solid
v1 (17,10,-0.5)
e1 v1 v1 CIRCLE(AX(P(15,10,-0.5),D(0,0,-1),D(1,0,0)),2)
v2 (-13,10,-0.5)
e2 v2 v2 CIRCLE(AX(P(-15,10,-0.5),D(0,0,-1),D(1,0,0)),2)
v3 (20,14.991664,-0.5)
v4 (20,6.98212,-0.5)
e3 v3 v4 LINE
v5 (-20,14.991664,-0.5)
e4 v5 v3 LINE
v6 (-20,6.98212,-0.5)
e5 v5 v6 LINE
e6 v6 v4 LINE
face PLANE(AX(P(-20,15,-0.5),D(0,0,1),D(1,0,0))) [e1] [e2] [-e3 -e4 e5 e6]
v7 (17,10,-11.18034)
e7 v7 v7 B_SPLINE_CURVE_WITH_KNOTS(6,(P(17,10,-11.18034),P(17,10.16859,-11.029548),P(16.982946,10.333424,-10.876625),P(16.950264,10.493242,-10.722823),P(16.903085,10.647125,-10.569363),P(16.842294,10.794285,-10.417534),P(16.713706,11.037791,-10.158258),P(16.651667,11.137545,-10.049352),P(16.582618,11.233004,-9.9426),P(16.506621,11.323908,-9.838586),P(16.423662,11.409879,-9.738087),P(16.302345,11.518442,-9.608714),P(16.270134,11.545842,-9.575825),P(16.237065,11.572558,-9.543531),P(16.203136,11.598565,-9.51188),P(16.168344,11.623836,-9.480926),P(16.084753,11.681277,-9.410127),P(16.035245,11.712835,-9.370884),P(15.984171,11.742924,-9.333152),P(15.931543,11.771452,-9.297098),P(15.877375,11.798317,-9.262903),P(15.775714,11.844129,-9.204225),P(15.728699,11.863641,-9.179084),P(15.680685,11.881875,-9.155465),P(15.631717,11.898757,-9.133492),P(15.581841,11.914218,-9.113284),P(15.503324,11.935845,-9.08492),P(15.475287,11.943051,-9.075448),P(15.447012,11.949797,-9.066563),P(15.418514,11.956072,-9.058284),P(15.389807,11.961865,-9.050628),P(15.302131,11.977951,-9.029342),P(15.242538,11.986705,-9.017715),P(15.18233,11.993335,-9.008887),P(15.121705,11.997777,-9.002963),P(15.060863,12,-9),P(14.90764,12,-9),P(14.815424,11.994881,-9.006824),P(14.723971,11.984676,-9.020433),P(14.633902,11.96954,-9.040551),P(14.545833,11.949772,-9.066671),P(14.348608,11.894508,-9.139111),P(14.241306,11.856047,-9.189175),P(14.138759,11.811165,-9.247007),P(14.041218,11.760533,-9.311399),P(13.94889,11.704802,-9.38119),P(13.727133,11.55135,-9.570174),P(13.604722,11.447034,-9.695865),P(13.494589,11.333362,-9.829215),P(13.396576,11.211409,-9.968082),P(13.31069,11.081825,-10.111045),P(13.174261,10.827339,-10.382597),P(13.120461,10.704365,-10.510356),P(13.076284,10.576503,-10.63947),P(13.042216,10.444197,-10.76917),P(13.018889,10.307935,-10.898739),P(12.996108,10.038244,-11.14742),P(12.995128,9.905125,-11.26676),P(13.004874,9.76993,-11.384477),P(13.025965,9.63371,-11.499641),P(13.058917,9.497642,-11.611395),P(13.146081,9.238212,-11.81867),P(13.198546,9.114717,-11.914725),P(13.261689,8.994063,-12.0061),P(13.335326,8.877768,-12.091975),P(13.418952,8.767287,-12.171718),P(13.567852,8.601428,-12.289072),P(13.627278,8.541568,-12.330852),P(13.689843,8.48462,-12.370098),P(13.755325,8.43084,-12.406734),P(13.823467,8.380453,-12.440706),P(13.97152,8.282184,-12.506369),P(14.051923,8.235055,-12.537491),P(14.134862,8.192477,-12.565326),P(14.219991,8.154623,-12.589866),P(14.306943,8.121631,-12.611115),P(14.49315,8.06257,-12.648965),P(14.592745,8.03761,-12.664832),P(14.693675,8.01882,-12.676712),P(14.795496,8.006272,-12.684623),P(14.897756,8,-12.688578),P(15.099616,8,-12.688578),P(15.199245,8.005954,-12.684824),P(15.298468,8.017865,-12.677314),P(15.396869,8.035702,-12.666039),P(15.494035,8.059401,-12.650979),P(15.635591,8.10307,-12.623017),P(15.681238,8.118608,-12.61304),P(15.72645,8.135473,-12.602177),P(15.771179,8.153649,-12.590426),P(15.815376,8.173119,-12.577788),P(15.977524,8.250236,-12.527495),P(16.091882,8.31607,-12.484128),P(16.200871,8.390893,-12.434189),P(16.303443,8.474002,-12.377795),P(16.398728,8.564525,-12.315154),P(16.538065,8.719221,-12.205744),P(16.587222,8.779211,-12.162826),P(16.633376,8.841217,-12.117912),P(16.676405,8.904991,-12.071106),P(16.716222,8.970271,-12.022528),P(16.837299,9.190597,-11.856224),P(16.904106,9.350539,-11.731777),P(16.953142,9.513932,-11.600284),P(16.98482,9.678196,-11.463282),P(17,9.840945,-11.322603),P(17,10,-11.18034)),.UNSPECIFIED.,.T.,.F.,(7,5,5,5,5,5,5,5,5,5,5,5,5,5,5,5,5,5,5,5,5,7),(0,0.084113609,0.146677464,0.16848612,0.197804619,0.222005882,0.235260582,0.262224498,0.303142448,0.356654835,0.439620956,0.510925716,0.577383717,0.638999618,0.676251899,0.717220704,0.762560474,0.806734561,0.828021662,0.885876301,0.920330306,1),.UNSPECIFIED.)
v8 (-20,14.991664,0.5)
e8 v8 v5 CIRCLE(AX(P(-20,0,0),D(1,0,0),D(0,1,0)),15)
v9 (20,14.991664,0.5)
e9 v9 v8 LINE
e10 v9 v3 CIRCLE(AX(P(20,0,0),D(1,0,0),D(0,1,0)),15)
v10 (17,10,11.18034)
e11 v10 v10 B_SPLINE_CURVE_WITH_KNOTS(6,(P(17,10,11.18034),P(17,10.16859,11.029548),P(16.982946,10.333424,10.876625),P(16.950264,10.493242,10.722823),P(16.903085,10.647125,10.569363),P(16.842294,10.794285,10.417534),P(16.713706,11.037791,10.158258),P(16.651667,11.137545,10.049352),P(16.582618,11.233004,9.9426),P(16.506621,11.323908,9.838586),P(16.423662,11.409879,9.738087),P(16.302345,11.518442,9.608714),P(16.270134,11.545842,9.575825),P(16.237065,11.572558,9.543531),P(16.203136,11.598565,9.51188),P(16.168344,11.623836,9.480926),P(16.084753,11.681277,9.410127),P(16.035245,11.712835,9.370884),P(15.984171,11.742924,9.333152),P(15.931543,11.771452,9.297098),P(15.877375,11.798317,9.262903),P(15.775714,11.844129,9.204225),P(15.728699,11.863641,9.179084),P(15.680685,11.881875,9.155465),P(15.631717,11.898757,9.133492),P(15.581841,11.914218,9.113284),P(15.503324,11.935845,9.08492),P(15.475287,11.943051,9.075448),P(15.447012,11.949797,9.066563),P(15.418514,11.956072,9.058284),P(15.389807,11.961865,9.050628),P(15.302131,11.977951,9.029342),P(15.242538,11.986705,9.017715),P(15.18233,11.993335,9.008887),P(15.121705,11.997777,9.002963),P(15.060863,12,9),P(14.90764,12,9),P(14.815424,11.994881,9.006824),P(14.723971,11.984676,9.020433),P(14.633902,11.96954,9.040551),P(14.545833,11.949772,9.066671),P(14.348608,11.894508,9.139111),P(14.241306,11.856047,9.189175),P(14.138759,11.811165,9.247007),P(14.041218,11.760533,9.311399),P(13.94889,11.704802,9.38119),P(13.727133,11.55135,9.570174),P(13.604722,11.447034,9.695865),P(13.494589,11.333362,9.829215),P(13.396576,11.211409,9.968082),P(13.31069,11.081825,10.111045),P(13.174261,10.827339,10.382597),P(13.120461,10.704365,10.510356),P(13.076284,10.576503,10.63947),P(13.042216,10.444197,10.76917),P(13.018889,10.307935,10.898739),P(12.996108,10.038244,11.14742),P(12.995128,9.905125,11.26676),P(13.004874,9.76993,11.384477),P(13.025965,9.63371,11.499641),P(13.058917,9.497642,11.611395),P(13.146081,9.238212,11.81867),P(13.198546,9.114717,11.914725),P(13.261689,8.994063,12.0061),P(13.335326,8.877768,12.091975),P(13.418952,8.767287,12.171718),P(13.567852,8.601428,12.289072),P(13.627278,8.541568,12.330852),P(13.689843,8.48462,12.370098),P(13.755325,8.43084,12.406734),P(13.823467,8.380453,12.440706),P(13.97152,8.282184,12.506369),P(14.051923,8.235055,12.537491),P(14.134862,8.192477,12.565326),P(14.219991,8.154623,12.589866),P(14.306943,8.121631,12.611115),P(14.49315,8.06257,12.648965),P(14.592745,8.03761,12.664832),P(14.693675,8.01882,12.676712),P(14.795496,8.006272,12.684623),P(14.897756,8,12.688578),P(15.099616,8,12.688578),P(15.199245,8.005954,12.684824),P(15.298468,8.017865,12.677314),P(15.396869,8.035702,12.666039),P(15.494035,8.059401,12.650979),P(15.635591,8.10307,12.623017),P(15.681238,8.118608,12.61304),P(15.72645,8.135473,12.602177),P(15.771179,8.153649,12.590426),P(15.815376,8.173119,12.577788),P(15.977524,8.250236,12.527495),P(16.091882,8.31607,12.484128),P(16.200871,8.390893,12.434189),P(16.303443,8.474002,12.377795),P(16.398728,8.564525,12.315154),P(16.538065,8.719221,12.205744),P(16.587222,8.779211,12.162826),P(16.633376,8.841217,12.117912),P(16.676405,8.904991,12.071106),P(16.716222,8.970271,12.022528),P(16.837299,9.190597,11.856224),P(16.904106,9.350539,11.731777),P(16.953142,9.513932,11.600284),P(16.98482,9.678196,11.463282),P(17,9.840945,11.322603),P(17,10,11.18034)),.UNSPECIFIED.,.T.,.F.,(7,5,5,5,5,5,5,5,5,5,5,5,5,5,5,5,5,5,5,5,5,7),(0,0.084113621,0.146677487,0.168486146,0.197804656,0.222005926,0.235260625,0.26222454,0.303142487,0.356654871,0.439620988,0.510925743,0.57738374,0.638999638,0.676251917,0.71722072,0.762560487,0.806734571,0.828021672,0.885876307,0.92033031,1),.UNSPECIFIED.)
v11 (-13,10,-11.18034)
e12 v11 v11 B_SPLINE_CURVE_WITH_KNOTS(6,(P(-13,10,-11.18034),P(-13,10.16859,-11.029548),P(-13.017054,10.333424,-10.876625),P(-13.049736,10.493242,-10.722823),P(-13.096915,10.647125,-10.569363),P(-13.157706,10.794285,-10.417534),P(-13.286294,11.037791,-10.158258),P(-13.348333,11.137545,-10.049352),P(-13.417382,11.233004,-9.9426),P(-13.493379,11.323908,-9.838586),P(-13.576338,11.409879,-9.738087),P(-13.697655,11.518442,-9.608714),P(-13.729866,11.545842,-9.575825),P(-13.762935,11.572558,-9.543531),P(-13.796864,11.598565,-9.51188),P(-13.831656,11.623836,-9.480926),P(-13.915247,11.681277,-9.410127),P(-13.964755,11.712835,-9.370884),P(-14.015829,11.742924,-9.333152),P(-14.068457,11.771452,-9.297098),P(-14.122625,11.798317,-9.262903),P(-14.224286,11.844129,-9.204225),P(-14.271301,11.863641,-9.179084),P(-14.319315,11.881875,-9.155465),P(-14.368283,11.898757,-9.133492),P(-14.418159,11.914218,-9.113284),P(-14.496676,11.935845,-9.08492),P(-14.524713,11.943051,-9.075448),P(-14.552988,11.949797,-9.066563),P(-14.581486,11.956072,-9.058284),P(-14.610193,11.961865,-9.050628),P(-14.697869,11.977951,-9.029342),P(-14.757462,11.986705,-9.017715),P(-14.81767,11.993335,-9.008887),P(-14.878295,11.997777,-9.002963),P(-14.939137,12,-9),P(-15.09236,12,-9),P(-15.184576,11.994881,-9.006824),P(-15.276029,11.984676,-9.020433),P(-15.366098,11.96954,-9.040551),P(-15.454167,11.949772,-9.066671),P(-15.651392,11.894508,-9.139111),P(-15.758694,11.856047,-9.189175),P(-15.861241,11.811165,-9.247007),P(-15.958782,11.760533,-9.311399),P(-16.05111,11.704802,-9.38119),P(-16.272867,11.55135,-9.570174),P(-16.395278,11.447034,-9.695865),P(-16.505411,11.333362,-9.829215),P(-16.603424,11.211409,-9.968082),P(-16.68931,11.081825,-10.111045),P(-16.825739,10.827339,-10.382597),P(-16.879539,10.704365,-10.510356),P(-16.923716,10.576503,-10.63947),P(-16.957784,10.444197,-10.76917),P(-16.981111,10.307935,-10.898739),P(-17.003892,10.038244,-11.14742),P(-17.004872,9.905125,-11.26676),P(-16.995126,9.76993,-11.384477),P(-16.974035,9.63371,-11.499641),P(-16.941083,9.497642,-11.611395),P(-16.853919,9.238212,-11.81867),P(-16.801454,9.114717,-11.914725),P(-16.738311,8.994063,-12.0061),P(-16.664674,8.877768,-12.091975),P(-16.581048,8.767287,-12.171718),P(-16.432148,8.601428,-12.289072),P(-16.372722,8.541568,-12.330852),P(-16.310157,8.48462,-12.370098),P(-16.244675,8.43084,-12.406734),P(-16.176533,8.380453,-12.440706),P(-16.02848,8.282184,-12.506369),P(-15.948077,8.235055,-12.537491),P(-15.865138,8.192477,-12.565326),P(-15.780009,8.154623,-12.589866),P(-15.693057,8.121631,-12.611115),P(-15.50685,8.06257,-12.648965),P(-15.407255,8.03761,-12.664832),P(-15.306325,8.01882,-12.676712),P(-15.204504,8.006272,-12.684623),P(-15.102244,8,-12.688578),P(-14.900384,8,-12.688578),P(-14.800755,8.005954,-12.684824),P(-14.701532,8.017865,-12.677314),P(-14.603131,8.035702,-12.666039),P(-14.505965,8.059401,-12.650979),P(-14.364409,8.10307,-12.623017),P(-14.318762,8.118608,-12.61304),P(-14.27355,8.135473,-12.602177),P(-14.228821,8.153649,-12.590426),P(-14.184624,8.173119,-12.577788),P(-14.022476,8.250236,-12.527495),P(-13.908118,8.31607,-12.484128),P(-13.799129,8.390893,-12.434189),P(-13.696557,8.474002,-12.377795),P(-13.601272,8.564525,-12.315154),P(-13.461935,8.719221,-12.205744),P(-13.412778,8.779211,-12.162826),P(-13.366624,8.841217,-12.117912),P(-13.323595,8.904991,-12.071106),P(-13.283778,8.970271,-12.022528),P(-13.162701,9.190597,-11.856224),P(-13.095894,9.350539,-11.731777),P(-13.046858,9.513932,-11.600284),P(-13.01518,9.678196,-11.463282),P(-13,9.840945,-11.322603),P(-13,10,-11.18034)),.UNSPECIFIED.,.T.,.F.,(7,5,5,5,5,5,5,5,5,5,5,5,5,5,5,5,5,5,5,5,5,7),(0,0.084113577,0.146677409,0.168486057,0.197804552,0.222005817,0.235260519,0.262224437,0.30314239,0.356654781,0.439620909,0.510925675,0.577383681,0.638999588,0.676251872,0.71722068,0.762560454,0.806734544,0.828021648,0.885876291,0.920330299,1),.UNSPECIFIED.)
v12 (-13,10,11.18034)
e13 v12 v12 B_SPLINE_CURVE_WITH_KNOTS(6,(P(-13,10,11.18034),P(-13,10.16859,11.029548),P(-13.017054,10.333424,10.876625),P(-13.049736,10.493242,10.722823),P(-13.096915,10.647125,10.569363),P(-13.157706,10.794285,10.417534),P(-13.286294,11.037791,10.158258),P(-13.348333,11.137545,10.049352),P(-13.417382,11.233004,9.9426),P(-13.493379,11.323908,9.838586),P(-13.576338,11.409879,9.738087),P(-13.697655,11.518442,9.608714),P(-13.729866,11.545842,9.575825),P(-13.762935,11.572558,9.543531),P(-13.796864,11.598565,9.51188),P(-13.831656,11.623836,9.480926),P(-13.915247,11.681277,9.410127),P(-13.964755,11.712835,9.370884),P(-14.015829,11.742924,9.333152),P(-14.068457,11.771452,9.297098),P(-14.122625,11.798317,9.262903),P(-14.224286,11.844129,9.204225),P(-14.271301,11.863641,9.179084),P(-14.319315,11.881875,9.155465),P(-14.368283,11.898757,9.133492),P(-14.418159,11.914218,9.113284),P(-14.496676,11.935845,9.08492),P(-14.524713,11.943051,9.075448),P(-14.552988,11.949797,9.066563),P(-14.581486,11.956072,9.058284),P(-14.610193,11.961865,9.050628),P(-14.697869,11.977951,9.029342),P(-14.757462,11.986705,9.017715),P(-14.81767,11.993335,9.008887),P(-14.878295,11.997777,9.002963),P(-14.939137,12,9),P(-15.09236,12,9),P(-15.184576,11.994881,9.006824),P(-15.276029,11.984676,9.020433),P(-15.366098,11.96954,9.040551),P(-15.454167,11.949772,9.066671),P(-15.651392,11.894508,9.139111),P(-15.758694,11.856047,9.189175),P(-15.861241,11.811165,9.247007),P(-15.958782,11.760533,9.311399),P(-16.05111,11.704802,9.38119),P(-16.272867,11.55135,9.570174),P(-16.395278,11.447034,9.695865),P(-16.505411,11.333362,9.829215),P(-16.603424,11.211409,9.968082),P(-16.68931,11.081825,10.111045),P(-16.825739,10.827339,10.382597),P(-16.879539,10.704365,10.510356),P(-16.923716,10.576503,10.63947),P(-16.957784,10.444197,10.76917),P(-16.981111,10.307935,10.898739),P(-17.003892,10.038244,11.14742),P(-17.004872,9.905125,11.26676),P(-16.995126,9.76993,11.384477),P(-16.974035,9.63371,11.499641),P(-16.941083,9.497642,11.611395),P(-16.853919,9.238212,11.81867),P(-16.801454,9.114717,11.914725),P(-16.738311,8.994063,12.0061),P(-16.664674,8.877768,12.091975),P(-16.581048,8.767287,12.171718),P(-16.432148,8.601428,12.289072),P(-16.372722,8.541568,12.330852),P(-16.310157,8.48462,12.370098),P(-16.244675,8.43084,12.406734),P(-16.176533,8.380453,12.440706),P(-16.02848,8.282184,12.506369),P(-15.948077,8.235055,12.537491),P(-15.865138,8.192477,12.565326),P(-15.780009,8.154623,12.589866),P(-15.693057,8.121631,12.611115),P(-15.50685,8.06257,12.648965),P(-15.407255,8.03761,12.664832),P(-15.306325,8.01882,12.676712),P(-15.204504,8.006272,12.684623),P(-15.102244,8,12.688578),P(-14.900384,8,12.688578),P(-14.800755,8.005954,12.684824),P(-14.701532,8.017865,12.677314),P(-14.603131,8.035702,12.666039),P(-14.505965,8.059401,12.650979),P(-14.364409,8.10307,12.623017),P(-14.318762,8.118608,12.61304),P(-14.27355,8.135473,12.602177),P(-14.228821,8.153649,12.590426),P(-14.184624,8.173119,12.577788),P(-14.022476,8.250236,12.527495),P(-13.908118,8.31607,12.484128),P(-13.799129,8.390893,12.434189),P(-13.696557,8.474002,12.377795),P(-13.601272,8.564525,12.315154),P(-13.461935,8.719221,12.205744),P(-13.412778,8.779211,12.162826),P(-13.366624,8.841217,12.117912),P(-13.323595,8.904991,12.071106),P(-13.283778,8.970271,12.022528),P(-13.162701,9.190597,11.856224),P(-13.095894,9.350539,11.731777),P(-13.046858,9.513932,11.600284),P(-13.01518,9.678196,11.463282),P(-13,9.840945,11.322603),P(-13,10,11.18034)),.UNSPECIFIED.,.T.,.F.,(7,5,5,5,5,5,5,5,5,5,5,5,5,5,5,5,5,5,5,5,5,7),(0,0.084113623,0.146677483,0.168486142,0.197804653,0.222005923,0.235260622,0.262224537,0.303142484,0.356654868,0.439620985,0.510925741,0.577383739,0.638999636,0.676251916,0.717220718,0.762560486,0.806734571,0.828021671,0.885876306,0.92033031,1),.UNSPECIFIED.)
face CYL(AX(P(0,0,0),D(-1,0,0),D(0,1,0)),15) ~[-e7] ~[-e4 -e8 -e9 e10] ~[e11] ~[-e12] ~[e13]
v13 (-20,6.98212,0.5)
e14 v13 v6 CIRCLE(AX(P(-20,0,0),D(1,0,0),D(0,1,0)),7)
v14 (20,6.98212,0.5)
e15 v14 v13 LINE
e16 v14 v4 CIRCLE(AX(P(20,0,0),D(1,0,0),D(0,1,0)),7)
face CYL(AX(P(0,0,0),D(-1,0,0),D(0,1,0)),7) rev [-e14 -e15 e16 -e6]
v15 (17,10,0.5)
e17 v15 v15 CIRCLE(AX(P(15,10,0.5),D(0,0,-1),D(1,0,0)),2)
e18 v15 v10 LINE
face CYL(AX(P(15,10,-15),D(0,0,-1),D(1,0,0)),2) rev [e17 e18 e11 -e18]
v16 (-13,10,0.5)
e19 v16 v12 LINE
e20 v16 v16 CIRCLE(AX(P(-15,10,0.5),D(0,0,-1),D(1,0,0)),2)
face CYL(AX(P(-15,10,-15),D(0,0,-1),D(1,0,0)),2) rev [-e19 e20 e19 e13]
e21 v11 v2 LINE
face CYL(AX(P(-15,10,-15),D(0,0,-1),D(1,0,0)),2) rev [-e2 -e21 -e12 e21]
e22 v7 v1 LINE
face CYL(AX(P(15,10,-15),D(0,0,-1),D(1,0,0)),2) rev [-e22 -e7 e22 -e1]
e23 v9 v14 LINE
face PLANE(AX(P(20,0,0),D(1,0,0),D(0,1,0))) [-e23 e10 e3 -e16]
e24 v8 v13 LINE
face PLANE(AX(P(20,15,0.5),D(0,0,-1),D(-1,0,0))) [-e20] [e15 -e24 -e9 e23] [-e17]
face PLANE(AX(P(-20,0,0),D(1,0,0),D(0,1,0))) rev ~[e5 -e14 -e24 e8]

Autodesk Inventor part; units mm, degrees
ref_plane "YZ Plane" through (0, 0, 0) normal (1, 0, 0) x (0, 1, 0)
sketch "Sketch1" plane through (0, 0, 0) normal (1, 0, 0) x (0, 1, 0)
  circle A0 centre (0, 0) radius 7
  circle A1 centre (0, 0) radius 15
  dimension "d0" = 14
  dimension "d1" = 30
extrude "Extrusion1" add sketch "Sketch1" along normal blind 20 and the other way blind 20
ref_plane "Work Plane1" through (0, 15, 0) normal (0, 1, 0) x (-1, 0, 0)
sketch "Sketch3" plane through (0, 15, 0) normal (0, 1, 0) x (-1, 0, 0)
  line L0 (-20, 0) -> (20, 0) construction
  line L1 (-20, 15) -> (-20, -15) projected
  line L2 (20, 7) -> (20, -7) projected
  line L3 (-20, 0.5) -> (20, 0.5)
  line L4 (20, 0.5) -> (20, -0.5)
  line L5 (20, -0.5) -> (-20, -0.5)
  line L6 (-20, -0.5) -> (-20, 0.5)
  point P0 (0, 0)
  dimension "d10" = 0.5
  dimension "d11" = 0.5
extrude "Extrusion2" cut sketch "Sketch3" against normal up to next
ref_plane "Work Plane2" through (0, 0, -15) normal (0, 0, 1) x (1, 0, 0)
sketch "Sketch4" plane through (0, 0, -15) normal (0, 0, 1) x (1, 0, 0)
  line L0 (-20, -7) -> (-20, 6.9821) construction
  line L1 (-20, 0) -> (20, 0) construction
  line L2 (20, 6.9821) -> (20, -7) construction
  circle A0 centre (-15, 10) radius 2
  line L3 (-20, 14.9917) -> (20, 14.9917) construction
  line L4 (0, 14.9917) -> (0, -15) construction
  line L5 (-20, -15) -> (20, -15) construction
  circle A1 centre (15, 10) radius 2
  point P0 (0, 0)
  dimension "d14" = 10
  dimension "d15" = 15
  dimension "d16" = 4
extrude "Extrusion3" cut sketch "Sketch4" along normal through all
properties part number "14mm_shaft_coupler"
